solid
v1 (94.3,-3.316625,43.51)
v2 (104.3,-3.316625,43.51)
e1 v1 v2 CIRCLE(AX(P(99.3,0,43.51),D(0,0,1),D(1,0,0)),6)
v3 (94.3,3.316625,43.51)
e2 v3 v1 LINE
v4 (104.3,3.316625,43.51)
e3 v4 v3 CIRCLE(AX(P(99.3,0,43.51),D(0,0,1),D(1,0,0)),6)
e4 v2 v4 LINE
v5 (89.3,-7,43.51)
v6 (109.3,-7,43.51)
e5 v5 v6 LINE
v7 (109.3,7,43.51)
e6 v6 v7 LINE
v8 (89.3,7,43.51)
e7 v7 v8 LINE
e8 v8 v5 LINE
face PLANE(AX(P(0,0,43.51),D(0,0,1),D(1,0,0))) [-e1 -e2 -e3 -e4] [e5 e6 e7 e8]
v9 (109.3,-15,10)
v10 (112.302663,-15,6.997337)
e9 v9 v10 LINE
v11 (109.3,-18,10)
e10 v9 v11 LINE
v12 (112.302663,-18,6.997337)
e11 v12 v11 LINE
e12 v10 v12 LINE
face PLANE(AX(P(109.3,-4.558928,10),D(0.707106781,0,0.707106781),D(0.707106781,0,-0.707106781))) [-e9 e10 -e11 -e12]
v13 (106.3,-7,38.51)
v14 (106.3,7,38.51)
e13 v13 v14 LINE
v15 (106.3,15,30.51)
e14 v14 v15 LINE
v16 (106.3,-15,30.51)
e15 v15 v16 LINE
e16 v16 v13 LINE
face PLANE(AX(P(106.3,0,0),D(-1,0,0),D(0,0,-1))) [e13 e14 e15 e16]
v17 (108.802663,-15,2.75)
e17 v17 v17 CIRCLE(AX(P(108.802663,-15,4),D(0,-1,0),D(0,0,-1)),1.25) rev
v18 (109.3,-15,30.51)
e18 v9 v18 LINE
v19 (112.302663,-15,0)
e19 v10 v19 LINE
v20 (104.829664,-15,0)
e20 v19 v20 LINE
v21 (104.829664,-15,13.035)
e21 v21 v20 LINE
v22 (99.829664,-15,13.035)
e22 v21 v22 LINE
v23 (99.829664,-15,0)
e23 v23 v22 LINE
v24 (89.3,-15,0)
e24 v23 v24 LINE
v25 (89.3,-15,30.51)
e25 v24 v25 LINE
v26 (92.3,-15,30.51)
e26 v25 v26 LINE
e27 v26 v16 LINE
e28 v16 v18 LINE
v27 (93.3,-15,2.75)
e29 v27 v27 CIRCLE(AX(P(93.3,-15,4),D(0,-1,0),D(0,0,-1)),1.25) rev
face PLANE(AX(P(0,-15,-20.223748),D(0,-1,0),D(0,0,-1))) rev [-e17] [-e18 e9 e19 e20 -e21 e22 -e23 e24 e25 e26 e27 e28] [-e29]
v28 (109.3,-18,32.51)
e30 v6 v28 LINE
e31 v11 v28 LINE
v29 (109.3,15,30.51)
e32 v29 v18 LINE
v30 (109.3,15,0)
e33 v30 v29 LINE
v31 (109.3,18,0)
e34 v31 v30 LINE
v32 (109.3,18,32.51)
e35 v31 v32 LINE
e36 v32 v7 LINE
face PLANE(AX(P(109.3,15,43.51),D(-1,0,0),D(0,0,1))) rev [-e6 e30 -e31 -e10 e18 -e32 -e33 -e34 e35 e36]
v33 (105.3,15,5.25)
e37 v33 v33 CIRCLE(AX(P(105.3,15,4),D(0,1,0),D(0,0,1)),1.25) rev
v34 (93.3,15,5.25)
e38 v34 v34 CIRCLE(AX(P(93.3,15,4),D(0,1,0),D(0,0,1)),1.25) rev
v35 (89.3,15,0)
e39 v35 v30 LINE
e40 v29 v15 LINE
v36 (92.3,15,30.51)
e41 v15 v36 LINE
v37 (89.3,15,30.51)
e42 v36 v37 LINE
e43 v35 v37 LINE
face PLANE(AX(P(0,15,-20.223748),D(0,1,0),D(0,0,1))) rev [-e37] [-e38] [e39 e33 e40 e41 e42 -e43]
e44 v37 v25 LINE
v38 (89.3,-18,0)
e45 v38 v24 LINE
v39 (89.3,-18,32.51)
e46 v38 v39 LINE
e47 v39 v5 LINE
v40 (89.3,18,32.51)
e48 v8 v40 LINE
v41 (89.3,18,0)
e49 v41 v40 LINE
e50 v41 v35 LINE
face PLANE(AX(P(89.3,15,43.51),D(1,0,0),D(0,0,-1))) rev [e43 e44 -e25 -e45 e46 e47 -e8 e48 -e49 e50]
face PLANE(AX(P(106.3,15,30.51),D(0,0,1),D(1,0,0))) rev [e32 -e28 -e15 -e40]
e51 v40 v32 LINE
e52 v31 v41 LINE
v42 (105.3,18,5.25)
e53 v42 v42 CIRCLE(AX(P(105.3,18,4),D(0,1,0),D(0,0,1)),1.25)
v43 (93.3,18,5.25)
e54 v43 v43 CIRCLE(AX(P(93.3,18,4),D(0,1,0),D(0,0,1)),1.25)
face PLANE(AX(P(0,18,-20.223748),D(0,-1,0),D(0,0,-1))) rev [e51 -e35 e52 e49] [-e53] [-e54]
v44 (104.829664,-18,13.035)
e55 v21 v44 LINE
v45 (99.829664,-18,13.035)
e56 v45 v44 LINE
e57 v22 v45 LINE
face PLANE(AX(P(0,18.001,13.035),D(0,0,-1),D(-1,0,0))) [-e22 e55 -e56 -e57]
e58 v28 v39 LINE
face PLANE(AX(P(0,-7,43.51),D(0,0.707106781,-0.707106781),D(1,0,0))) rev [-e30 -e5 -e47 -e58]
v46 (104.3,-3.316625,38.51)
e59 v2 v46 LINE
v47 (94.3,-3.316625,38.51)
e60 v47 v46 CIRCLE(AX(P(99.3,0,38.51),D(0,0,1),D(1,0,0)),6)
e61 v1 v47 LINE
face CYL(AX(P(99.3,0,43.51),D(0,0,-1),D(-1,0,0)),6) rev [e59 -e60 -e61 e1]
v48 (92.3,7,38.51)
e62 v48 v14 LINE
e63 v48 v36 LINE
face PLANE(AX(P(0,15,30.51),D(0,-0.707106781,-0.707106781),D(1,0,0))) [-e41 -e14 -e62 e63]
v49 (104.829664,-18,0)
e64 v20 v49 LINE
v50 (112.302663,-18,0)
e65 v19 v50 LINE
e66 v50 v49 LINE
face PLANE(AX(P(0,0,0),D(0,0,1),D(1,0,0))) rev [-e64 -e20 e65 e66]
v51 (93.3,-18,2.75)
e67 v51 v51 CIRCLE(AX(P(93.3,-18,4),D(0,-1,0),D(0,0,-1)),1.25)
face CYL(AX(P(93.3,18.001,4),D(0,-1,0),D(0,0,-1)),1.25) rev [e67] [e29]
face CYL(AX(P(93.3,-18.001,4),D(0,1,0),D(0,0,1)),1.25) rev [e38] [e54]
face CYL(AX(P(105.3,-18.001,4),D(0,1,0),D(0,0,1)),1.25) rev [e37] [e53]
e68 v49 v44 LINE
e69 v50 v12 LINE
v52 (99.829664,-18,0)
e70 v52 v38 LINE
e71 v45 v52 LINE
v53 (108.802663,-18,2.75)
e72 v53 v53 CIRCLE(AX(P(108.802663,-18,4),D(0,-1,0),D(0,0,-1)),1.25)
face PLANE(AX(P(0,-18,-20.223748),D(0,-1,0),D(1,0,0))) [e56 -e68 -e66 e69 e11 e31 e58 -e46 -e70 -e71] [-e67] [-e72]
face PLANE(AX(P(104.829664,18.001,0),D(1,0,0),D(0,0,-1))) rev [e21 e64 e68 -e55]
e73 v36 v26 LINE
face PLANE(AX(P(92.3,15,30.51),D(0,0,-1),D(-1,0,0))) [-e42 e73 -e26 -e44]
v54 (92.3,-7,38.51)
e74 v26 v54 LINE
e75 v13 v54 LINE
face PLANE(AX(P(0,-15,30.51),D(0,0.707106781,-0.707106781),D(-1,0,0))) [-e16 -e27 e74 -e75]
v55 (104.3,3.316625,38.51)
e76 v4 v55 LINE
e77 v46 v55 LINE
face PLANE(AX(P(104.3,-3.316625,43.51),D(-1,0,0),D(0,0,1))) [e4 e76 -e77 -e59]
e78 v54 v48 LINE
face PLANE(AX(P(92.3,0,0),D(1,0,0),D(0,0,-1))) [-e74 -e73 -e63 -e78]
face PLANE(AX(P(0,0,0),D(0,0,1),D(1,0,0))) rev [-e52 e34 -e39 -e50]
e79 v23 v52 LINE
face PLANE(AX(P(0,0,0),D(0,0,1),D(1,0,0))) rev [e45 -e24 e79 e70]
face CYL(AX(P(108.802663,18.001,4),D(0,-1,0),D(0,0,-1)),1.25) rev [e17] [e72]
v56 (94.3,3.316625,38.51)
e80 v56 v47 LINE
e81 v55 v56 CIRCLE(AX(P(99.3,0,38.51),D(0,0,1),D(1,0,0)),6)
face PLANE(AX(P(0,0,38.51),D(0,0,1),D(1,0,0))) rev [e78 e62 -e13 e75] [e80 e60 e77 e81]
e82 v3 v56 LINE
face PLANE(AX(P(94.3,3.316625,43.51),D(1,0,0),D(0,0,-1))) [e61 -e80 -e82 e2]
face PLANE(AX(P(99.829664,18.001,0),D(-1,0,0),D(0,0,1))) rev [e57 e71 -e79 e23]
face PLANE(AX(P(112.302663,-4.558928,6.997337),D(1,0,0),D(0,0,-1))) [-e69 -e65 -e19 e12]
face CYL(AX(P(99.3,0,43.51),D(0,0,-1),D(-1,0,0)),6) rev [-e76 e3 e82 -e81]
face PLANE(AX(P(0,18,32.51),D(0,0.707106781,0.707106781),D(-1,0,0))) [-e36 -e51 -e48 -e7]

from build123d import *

# Parameters (mm, degrees)
SKETCH_2_W          = 20
SKETCH_2_H          = 30
EXTRUDE_1_DEPTH     = 5
SKETCH_5_W          = 20
SKETCH_5_H          = 3
EXTRUDE_3_DEPTH     = 43.51
CUT_EXTRUDE_2_REACH = 125.027
SKETCH_6_W          = 5
SKETCH_6_H          = 13.035
EXTRUDE_4_DEPTH     = 3
CUT_EXTRUDE_3_REACH = 127.702
SKETCH_8_R          = 1.25
CUT_EXTRUDE_4_REACH = 127.702
SKETCH_9_R          = 1.25
CHAMFER_2_SIZE      = 8
CHAMFER_3_SIZE      = 11
EXTRUDE_6_DEPTH     = 3


with BuildPart() as part:
    # 草图2 → 凸台-拉伸1 (new body)
    with BuildSketch(Plane.XY.offset(38.51)):
        with Locations((99.3, 0)):
            Rectangle(SKETCH_2_W, SKETCH_2_H)
        with BuildLine():
            Line((104.3, -3.31662479), (104.3, 3.31662479))
            ThreePointArc((104.3, 3.31662479), (99.3, 6), (94.3, 3.31662479))
            Line((94.3, 3.31662479), (94.3, -3.31662479))
            ThreePointArc((94.3, -3.31662479), (99.3, -6), (104.3, -3.31662479))
        make_face(mode=Mode.SUBTRACT)
    extrude(amount=EXTRUDE_1_DEPTH)

    # 草图5 → 凸台-拉伸3 (add)
    with BuildSketch(Plane.XY.offset(43.51)):
        with Locations((99.3, 16.5)):
            Rectangle(SKETCH_5_W, SKETCH_5_H)
        with Locations((99.3, -16.5)):
            Rectangle(SKETCH_5_W, SKETCH_5_H)
    extrude(amount=-EXTRUDE_3_DEPTH)

    # 草图6 → 切除-拉伸2 (cut, up to next)
    with BuildSketch(Plane.XZ.offset(18), mode=Mode.PRIVATE) as cut_extrude_2_sk1:
        with Locations((102.329663749, 6.5175)):
            Rectangle(SKETCH_6_W, SKETCH_6_H)
    cut_extrude_2_tool1 = extrude(cut_extrude_2_sk1.sketch, amount=-CUT_EXTRUDE_2_REACH, mode=Mode.PRIVATE) & part.part
    add(cut_extrude_2_tool1.solids().sort_by_distance((102.329664, -18, 6.5175))[0], mode=Mode.SUBTRACT)

    # 草图7 → 凸台-拉伸4 (add)
    with BuildSketch(Plane.XZ.offset(18)):
        Polygon((109.3, 10), (112.302663002, 6.997336998), (112.302663002, 0), (109.3, 0), align=None)
    extrude(amount=-EXTRUDE_4_DEPTH)

    # 草图8 → 切除-拉伸3 (cut, up to next)
    with BuildSketch(Plane.XZ.offset(18), mode=Mode.PRIVATE) as cut_extrude_3_sk1:
        with Locations(Location((93.3, 4, 0), (0, 0, 270))):
            Circle(SKETCH_8_R)
    cut_extrude_3_tool1 = extrude(cut_extrude_3_sk1.sketch, amount=-CUT_EXTRUDE_3_REACH, mode=Mode.PRIVATE) & part.part
    # 草图8 → 切除-拉伸3 (cut, up to next)
    with BuildSketch(Plane.XZ.offset(18), mode=Mode.PRIVATE) as cut_extrude_3_sk2:
        with Locations(Location((108.802663002, 4, 0), (0, 0, 270))):
            Circle(SKETCH_8_R)
    cut_extrude_3_tool2 = extrude(cut_extrude_3_sk2.sketch, amount=-CUT_EXTRUDE_3_REACH, mode=Mode.PRIVATE) & part.part
    add(cut_extrude_3_tool1.solids().sort_by_distance((93.3, -18, 4))[0], mode=Mode.SUBTRACT)
    add(cut_extrude_3_tool2.solids().sort_by_distance((108.802663, -18, 4))[0], mode=Mode.SUBTRACT)

    # 草图9 → 切除-拉伸4 (cut, up to next)
    with BuildSketch(Plane(origin=(0, 18, 0), x_dir=(1, 0, 0), z_dir=(0, 1, 0)), mode=Mode.PRIVATE) as cut_extrude_4_sk1:
        with Locations(Location((105.3, -4, 0), (0, 0, 270))):
            Circle(SKETCH_9_R)
    cut_extrude_4_tool1 = extrude(cut_extrude_4_sk1.sketch, amount=-CUT_EXTRUDE_4_REACH, mode=Mode.PRIVATE) & part.part
    # 草图9 → 切除-拉伸4 (cut, up to next)
    with BuildSketch(Plane(origin=(0, 18, 0), x_dir=(1, 0, 0), z_dir=(0, 1, 0)), mode=Mode.PRIVATE) as cut_extrude_4_sk2:
        with Locations(Location((93.3, -4, 0), (0, 0, 90))):
            Circle(SKETCH_9_R)
    cut_extrude_4_tool2 = extrude(cut_extrude_4_sk2.sketch, amount=-CUT_EXTRUDE_4_REACH, mode=Mode.PRIVATE) & part.part
    add(cut_extrude_4_tool1.solids().sort_by_distance((105.3, 18, 4))[0], mode=Mode.SUBTRACT)
    add(cut_extrude_4_tool2.solids().sort_by_distance((93.3, 18, 4))[0], mode=Mode.SUBTRACT)

    # 倒角2
    chamfer_2_edges = [part.edges().sort_by_distance(p)[0] for p in [
        (99.3, -15, 38.51),
        (99.3, 15, 38.51),
    ]]
    chamfer(chamfer_2_edges, length=CHAMFER_2_SIZE)

    # 倒角3
    chamfer_3_edges = [part.edges().sort_by_distance(p)[0] for p in [
        (99.3, 18, 43.51),
        (99.3, -18, 43.51),
    ]]
    chamfer(chamfer_3_edges, length=CHAMFER_3_SIZE)

    # 草图14 → 凸台-拉伸6 (add)
    with BuildSketch(Plane.ZY.offset(-89.3)):
        Polygon((38.51, -7), (30.51, -15), (30.51, 15), (38.51, 7), align=None)
    extrude_6 = extrude(amount=-EXTRUDE_6_DEPTH)

    # 镜向1: 凸台-拉伸6 across plane
    add(extrude_6.mirror(Plane(origin=(99.3, 0, 0), x_dir=(0, 0, 1), z_dir=(1, 0, 0))))


solid = part.part
